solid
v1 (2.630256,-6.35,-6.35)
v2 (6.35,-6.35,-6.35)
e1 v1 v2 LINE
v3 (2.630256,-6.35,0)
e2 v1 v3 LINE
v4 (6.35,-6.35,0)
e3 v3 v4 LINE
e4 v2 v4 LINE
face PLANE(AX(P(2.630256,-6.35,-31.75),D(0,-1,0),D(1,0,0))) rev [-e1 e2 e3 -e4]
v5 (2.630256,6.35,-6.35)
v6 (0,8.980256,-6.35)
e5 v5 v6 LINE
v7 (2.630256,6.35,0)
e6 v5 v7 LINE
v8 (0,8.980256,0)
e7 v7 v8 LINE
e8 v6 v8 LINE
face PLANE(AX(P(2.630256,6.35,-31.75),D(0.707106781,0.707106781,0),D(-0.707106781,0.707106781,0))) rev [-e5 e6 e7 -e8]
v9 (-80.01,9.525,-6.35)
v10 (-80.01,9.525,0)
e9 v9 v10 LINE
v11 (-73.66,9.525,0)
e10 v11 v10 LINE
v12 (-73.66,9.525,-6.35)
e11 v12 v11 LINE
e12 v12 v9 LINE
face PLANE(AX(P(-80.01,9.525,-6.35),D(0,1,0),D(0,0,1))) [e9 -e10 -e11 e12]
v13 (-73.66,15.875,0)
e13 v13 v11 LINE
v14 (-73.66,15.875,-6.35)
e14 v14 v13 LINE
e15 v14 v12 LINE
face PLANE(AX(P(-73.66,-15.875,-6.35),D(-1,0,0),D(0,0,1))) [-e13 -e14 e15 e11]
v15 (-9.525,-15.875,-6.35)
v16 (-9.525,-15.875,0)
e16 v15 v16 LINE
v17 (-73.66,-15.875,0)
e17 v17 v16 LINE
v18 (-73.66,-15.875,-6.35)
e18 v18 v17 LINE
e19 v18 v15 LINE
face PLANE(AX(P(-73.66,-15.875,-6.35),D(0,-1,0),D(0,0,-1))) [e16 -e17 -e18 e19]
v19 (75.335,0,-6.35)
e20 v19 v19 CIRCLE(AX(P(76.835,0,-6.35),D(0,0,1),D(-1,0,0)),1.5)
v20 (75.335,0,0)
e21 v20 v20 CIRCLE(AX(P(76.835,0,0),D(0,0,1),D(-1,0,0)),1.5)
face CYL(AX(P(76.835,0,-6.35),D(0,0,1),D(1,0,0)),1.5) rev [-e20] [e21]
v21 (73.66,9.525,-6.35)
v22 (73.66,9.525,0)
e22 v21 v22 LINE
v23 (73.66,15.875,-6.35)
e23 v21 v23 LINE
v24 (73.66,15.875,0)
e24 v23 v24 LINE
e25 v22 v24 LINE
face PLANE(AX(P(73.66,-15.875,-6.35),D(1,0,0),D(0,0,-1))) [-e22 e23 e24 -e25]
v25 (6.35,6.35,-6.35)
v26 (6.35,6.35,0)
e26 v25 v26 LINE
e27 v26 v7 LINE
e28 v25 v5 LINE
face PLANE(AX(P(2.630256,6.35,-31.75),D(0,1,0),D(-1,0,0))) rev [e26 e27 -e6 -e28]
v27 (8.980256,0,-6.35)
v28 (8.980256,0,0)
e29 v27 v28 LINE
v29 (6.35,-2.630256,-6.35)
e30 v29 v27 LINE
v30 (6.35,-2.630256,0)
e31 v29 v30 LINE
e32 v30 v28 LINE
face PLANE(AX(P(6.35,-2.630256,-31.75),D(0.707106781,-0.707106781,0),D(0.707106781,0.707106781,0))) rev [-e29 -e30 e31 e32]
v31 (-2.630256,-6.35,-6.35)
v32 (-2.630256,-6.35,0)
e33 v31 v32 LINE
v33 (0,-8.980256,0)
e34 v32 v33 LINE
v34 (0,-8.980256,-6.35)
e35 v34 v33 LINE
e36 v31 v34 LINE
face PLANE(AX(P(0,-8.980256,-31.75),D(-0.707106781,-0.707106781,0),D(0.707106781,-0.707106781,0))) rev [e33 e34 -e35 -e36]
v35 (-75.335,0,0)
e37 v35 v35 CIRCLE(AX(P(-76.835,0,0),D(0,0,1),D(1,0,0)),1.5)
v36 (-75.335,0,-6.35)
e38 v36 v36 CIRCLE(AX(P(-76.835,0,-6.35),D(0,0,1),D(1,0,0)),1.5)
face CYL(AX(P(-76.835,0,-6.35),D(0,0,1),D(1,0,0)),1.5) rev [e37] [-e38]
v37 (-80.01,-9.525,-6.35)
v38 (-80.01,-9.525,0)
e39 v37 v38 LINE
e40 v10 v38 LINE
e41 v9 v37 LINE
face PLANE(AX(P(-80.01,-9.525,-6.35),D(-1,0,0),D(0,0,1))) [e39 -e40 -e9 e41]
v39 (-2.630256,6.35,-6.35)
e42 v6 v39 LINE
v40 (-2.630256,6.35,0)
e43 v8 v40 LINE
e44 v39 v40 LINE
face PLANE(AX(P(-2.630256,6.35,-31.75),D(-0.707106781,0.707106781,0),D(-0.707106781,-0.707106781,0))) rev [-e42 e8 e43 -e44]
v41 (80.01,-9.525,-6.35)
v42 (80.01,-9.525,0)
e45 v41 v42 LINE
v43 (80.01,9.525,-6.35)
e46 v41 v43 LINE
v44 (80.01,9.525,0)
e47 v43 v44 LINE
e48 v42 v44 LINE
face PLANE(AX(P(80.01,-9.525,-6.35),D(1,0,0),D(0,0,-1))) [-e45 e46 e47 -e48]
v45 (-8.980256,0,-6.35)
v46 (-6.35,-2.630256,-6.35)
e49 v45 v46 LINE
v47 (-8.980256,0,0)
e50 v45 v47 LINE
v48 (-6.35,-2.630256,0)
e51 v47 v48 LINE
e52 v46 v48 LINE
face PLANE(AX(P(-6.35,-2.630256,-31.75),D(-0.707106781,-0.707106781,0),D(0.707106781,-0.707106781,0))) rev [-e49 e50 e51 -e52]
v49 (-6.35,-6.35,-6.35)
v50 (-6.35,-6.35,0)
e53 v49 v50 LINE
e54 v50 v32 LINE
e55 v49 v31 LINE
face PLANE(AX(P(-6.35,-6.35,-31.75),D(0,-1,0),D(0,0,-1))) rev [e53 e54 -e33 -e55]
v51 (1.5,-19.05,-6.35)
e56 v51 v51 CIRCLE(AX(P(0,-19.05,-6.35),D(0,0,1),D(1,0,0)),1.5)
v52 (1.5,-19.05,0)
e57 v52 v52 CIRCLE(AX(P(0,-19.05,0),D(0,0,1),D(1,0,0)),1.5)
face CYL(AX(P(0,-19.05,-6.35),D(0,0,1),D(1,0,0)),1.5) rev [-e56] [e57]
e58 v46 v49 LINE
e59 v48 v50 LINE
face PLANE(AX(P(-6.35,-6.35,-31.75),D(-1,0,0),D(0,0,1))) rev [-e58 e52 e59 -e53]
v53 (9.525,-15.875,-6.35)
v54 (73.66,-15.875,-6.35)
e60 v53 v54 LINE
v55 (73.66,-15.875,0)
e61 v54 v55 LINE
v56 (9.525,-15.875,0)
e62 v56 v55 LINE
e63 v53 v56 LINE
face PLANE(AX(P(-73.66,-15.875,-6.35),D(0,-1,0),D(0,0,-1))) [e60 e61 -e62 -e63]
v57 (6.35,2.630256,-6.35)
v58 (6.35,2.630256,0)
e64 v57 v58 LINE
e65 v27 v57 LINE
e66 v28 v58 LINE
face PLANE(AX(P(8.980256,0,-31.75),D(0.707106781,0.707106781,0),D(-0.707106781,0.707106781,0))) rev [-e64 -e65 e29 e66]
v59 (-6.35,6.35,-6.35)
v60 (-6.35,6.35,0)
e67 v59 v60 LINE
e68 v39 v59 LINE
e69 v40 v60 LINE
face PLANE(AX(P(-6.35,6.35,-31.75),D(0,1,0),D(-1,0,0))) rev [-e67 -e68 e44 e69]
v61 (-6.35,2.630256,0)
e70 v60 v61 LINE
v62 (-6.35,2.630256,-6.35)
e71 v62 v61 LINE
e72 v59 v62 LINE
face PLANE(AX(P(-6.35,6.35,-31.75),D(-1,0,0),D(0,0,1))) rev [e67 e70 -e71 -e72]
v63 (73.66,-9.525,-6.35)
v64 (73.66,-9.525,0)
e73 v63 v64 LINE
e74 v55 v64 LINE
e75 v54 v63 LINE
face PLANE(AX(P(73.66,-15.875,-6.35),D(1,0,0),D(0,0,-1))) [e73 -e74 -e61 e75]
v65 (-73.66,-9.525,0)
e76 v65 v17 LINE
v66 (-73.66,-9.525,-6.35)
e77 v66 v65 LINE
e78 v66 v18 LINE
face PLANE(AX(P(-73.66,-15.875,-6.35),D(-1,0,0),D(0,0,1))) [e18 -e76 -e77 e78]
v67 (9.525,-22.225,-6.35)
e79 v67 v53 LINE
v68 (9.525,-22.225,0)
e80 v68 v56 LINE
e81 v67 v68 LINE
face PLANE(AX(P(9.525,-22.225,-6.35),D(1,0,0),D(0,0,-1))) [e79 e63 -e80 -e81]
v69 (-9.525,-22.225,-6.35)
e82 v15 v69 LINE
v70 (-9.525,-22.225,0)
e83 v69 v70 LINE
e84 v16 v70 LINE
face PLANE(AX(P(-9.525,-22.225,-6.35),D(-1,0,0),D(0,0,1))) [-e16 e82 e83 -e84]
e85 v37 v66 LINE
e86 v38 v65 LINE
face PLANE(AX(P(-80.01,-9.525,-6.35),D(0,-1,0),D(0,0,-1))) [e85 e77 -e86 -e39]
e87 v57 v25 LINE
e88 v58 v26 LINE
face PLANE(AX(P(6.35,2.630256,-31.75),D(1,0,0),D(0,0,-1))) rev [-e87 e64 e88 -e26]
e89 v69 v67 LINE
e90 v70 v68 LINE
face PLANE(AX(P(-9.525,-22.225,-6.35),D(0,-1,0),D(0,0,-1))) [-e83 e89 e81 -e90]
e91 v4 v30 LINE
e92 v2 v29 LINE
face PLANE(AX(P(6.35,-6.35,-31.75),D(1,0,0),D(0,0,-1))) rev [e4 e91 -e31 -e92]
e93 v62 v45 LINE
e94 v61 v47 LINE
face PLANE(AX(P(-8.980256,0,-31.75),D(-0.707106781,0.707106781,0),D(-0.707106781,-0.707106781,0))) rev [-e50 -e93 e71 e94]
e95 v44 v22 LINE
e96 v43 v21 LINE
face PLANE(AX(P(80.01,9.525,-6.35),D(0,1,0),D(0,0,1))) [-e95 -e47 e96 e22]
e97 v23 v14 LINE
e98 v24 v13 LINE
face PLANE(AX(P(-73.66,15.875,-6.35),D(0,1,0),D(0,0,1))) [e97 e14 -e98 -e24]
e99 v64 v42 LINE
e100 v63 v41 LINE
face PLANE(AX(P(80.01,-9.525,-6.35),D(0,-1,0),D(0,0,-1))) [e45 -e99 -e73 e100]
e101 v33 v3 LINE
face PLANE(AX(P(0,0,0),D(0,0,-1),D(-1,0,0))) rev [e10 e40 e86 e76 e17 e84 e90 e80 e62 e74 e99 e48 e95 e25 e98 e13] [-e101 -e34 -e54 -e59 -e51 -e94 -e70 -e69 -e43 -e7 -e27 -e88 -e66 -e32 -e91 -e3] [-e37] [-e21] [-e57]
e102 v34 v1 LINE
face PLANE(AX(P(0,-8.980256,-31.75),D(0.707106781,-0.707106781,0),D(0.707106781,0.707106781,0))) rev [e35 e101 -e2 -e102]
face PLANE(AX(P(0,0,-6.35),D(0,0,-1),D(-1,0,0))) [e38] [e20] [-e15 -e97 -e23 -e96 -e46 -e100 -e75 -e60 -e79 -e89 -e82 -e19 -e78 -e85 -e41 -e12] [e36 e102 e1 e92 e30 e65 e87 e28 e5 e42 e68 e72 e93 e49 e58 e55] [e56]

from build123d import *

# Parameters (mm, degrees)
SKETCH1_W           = 147.32
SKETCH1_H           = 31.75
BOSS_EXTRUDE1_DEPTH = 6.35
SKETCH2_W           = 6.35
SKETCH2_H           = 19.05
SKETCH2_R           = 1.5
SKETCH2_W_2         = 19.05
SKETCH2_H_2         = 6.35
BOSS_EXTRUDE2_DEPTH = 6.35
CUT_EXTRUDE1_DEPTH  = 6.35


with BuildPart() as part:
    # Sketch1 → Boss-Extrude1 (new body)
    with BuildSketch(Plane.XY):
        Rectangle(SKETCH1_W, SKETCH1_H)
    extrude(amount=-BOSS_EXTRUDE1_DEPTH)

    # Sketch2 → Boss-Extrude2 (add)
    with BuildSketch(Plane.XY):
        with Locations((76.835, 0)):
            Rectangle(SKETCH2_W, SKETCH2_H)
        with Locations((76.835, 0)):
            Circle(SKETCH2_R, mode=Mode.SUBTRACT)
        with Locations((-76.835, 0)):
            Rectangle(SKETCH2_W, SKETCH2_H)
        with Locations((-76.835, 0)):
            Circle(SKETCH2_R, mode=Mode.SUBTRACT)
        with Locations((0, -19.05)):
            Rectangle(SKETCH2_W_2, SKETCH2_H_2)
        with Locations((0, -19.05)):
            Circle(SKETCH2_R, mode=Mode.SUBTRACT)
    extrude(amount=-BOSS_EXTRUDE2_DEPTH)

    # Sketch3 → Cut-Extrude1 (cut)
    with BuildSketch(Plane.XY):
        Polygon((0, -8.980256121), (2.630256121, -6.35), (6.35, -6.35), (6.35, -2.630256121), (8.980256121, 0), (6.35, 2.630256121), (6.35, 6.35), (2.630256121, 6.35), (0, 8.980256121), (-2.630256121, 6.35), (-6.35, 6.35), (-6.35, 2.630256121), (-8.980256121, 0), (-6.35, -2.630256121), (-6.35, -6.35), (-2.630256121, -6.35), align=None)
    extrude(amount=-CUT_EXTRUDE1_DEPTH, mode=Mode.SUBTRACT)


solid = part.part
